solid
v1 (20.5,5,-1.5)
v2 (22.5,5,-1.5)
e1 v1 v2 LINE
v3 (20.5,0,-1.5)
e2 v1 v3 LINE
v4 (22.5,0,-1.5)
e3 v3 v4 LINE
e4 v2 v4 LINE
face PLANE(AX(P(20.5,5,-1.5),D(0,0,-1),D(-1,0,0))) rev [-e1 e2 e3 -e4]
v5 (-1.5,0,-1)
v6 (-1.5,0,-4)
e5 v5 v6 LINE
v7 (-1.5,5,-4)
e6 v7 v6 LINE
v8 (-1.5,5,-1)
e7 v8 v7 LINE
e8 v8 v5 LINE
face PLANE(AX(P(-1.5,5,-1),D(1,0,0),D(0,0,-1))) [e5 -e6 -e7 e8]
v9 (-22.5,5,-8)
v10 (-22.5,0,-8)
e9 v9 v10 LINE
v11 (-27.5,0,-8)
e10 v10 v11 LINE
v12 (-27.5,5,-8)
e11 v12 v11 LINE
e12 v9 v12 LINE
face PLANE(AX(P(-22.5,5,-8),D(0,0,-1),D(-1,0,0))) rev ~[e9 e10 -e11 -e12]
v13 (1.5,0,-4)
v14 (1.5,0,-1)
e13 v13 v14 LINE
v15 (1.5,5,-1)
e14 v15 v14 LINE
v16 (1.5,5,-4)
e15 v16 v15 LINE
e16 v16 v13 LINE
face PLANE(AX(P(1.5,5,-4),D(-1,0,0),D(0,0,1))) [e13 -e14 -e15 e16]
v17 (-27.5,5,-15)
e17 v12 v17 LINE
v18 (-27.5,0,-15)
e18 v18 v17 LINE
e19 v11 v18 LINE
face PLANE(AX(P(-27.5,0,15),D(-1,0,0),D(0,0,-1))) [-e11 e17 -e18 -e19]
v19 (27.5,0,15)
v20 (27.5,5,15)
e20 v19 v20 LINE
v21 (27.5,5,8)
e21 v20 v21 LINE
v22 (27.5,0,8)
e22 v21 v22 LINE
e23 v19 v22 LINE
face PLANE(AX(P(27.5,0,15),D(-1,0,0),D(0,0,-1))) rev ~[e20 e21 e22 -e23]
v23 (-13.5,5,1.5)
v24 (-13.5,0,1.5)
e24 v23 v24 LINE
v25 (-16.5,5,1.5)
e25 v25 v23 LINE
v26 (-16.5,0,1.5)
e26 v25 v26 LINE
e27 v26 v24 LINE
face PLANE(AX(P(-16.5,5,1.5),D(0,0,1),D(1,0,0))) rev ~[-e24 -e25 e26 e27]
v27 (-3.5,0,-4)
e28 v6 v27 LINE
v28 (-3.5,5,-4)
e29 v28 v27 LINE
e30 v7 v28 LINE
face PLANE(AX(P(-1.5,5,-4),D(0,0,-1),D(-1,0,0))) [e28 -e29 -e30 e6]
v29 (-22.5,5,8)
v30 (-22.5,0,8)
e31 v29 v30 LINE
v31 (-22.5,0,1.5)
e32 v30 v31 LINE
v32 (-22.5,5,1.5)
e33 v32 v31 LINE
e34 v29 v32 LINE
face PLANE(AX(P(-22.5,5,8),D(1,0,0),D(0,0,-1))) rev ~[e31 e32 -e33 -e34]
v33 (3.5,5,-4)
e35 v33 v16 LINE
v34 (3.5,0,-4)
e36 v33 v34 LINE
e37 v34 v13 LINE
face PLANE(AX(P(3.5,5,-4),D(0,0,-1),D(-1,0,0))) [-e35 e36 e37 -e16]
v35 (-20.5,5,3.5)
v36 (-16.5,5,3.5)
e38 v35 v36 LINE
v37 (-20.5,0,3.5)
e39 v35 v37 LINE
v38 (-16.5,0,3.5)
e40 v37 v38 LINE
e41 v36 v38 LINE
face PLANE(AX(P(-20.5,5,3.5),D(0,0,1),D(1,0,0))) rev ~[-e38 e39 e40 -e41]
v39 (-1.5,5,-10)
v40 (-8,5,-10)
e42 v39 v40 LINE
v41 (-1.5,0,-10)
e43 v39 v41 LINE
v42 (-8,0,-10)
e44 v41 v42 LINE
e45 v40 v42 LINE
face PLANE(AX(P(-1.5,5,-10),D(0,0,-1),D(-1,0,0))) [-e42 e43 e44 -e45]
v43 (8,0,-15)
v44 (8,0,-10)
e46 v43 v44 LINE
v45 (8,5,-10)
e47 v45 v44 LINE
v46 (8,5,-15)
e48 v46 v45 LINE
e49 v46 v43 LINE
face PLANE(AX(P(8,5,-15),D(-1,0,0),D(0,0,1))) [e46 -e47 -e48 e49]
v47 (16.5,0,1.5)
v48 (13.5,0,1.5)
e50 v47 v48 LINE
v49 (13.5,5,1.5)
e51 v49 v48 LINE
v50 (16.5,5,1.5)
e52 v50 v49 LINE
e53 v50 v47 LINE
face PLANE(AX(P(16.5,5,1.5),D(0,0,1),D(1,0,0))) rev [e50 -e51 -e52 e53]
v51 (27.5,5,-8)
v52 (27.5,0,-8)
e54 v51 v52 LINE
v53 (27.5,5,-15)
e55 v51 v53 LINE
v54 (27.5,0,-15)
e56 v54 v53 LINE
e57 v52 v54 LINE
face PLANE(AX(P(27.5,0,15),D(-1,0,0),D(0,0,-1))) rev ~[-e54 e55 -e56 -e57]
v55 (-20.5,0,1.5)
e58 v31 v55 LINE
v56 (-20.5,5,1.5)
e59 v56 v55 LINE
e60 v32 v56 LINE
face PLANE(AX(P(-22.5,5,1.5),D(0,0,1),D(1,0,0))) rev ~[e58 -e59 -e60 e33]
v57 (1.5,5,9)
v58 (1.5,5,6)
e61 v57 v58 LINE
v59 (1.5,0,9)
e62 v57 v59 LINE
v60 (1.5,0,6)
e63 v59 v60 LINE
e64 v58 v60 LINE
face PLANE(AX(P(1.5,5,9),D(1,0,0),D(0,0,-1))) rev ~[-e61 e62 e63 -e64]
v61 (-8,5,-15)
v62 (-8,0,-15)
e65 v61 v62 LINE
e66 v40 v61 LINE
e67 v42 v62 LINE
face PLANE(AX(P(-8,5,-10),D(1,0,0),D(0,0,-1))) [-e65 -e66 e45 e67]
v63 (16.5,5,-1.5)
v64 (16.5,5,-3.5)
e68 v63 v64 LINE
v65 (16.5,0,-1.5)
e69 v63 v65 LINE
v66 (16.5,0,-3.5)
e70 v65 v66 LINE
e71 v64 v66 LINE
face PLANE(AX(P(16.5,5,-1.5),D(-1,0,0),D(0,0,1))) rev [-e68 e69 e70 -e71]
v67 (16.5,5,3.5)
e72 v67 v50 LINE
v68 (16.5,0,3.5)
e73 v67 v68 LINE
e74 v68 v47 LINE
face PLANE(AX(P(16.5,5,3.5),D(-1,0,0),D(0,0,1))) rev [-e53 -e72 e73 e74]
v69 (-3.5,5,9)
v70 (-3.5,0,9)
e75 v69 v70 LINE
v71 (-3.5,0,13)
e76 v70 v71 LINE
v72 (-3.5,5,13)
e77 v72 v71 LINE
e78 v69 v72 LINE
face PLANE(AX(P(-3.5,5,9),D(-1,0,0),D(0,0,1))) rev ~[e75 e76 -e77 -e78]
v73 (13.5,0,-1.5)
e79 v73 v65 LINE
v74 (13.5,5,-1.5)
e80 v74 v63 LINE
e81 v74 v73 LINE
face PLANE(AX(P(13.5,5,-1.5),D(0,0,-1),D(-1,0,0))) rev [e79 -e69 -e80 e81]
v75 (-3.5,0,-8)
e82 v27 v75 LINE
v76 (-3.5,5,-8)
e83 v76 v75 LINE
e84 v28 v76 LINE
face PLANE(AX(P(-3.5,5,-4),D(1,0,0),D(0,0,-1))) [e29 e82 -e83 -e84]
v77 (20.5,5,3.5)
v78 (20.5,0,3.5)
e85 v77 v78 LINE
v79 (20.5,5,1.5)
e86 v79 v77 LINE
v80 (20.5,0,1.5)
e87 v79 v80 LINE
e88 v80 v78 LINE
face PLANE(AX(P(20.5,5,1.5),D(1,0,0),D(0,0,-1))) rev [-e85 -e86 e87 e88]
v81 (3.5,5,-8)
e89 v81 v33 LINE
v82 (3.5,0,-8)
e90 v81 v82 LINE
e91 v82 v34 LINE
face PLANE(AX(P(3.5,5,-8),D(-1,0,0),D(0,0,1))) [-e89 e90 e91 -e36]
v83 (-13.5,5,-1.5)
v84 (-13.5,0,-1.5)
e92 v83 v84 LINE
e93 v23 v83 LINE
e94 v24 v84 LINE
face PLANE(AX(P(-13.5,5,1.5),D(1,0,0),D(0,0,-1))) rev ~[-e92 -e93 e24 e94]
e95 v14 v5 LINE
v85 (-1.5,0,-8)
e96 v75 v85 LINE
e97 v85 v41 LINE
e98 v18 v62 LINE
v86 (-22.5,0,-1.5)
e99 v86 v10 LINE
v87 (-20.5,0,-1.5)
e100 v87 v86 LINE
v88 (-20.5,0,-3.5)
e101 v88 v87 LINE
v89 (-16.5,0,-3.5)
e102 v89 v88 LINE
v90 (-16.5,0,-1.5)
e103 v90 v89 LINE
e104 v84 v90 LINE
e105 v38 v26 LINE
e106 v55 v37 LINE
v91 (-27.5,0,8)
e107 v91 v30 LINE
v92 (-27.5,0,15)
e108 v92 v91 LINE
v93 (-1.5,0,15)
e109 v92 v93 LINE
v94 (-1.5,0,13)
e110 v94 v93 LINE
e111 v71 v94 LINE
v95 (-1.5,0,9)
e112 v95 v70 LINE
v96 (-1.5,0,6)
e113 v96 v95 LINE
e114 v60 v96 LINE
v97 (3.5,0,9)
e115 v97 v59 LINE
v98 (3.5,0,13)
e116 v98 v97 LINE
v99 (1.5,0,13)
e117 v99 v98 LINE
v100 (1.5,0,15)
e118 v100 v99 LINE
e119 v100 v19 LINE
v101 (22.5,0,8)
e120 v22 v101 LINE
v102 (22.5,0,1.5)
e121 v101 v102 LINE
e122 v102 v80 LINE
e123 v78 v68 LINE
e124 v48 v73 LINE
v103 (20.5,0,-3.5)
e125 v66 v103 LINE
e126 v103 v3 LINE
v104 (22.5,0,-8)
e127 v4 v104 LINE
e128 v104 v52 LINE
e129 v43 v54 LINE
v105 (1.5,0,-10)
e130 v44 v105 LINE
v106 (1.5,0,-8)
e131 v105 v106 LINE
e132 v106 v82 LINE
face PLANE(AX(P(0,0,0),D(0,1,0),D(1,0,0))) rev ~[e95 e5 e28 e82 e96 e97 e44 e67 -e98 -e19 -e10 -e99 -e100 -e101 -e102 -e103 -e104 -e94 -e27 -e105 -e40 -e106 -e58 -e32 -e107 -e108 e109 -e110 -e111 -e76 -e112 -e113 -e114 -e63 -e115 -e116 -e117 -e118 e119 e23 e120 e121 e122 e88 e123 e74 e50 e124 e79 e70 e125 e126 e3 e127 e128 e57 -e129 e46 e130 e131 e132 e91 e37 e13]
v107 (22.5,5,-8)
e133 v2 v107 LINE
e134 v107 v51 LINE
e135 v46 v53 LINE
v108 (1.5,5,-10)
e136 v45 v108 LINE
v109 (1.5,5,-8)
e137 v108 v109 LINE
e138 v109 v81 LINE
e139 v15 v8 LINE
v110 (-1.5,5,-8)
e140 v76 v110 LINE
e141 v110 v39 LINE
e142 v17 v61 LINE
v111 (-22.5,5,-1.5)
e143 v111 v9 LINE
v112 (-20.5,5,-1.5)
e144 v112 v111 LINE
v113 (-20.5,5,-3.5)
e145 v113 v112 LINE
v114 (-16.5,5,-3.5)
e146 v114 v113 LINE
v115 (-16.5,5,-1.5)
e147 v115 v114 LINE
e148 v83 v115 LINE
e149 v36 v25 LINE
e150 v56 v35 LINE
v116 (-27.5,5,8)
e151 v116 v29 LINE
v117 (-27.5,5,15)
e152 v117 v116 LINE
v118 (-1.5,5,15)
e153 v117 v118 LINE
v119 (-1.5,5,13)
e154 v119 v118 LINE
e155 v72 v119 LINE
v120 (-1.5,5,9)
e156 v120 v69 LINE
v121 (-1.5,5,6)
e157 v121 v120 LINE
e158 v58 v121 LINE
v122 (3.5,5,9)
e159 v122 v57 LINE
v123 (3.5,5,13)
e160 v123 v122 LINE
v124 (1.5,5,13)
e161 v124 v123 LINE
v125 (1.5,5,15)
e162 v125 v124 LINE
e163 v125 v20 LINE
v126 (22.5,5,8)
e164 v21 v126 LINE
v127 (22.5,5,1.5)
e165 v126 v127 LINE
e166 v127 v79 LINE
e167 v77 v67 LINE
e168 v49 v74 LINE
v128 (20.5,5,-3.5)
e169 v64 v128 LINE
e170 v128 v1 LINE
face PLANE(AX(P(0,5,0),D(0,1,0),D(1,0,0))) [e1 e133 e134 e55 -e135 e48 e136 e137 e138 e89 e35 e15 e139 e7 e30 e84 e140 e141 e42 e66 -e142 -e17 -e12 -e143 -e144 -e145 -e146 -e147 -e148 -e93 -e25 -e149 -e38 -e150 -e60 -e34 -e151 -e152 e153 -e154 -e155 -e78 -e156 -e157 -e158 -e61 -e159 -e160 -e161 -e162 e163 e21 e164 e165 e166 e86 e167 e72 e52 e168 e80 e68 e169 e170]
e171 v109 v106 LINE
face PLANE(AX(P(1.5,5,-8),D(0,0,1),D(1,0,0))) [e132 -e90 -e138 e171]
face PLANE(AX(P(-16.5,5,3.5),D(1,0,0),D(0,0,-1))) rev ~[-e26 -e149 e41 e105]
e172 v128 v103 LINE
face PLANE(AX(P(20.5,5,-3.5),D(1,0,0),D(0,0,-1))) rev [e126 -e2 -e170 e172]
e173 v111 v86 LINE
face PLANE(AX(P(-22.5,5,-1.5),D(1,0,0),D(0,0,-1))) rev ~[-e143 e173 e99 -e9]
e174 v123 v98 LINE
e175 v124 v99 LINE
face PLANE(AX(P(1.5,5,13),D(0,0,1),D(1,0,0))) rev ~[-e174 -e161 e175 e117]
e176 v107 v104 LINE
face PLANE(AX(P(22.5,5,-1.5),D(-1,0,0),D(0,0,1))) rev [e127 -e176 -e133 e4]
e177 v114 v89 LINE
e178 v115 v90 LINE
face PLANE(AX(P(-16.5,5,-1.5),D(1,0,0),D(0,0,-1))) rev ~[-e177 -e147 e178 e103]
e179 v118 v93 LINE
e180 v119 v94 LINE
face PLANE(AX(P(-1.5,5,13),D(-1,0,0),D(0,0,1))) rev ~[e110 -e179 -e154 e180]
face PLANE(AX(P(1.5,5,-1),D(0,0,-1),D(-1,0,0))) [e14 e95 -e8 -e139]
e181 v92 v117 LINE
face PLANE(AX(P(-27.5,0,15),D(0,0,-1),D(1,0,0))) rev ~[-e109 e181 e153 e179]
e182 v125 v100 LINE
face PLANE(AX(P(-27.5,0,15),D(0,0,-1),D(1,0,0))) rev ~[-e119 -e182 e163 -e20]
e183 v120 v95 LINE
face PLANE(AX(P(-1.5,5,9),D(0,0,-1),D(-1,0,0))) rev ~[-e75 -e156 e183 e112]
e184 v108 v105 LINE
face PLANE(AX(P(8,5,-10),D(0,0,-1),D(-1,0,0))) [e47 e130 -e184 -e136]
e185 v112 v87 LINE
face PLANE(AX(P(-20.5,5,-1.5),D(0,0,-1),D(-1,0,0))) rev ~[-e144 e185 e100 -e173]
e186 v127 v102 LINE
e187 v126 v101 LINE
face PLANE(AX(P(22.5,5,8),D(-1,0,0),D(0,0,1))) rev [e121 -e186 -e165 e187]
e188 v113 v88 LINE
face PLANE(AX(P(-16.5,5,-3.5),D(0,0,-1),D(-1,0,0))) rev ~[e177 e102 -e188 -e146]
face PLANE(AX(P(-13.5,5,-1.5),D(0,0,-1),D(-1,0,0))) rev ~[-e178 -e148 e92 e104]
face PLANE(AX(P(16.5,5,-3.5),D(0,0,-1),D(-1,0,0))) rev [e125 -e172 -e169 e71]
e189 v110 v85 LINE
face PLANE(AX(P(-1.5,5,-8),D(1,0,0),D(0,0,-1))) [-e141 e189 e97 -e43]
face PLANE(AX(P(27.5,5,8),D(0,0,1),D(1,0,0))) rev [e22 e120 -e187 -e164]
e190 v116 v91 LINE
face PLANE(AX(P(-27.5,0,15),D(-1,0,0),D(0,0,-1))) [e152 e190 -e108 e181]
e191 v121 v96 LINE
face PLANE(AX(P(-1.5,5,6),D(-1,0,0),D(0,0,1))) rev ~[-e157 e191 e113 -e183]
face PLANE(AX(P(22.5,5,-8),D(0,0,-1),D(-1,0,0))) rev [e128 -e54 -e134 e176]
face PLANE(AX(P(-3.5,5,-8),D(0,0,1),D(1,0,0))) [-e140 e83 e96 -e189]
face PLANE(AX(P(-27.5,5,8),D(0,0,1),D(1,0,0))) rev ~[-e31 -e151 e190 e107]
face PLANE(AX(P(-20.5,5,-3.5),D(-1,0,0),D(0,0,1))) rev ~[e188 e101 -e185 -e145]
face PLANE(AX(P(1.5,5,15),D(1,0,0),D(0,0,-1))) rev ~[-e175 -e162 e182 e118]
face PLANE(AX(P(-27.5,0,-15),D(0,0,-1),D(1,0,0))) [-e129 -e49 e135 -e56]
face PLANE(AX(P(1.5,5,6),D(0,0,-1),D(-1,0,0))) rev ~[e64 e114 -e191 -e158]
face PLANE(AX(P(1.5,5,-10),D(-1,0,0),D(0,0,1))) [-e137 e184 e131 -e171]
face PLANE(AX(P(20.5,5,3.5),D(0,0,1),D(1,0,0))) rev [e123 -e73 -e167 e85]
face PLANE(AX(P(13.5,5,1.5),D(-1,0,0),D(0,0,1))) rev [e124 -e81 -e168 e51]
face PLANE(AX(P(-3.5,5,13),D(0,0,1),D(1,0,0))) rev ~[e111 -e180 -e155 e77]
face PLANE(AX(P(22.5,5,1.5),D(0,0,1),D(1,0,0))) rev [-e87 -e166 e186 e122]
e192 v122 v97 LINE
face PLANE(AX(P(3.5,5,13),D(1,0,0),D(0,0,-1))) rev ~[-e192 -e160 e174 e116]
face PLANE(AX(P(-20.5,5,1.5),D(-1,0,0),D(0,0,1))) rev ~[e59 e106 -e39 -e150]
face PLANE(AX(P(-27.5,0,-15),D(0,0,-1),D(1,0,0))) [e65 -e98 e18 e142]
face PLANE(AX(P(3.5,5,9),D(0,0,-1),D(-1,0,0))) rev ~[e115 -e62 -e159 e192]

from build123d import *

# Parameters (mm, degrees)
CROQUIS1_W              = 55
CROQUIS1_H              = 30
SALIENTE_EXTRUIR1_DEPTH = 5
CORTAR_EXTRUIR1_DEPTH   = 32.721443851
CORTAR_EXTRUIR2_DEPTH   = 32.721443851
CORTAR_EXTRUIR3_DEPTH   = 32.721443851


with BuildPart() as part:
    # Croquis1 → Saliente-Extruir1 (new body)
    with BuildSketch(Plane(origin=(0, 0, 0), x_dir=(1, 0, 0), z_dir=(0, 1, 0))):
        Rectangle(CROQUIS1_W, CROQUIS1_H)
    extrude(amount=SALIENTE_EXTRUIR1_DEPTH)

    # Croquis2 → Cortar-Extruir1 (cut, through all)
    with BuildSketch(Plane(origin=(0, 5, 0), x_dir=(1, 0, 0), z_dir=(0, 1, 0))):
        Polygon((-22.5, 8), (-27.5, 8), (-27.5, -8), (-22.5, -8), (-22.5, -1.5), (-20.5, -1.5), (-20.5, -3.5), (-16.5, -3.5), (-16.5, -1.5), (-13.5, -1.5), (-13.5, 1.5), (-16.5, 1.5), (-16.5, 3.5), (-20.5, 3.5), (-20.5, 1.5), (-22.5, 1.5), align=None)
    cortar_extruir1 = extrude(amount=-CORTAR_EXTRUIR1_DEPTH, mode=Mode.SUBTRACT)

    # Simetría1: Cortar-Extruir1 across plane
    add(cortar_extruir1.mirror(Plane(origin=(0, 0, 0), x_dir=(0, 0, 1), z_dir=(1, 0, 0))), mode=Mode.SUBTRACT)

    # Croquis3 → Cortar-Extruir2 (cut, through all)
    with BuildSketch(Plane(origin=(0, 5, 0), x_dir=(1, 0, 0), z_dir=(0, 1, 0))):
        Polygon((-8, 15), (8, 15), (8, 10), (1.5, 10), (1.5, 8), (3.5, 8), (3.5, 4), (1.5, 4), (1.5, 1), (-1.5, 1), (-1.5, 4), (-3.5, 4), (-3.5, 8), (-1.5, 8), (-1.5, 10), (-8, 10), align=None)
    extrude(amount=-CORTAR_EXTRUIR2_DEPTH, mode=Mode.SUBTRACT)

    # Croquis4 → Cortar-Extruir3 (cut, through all)
    with BuildSketch(Plane(origin=(0, 5, 0), x_dir=(1, 0, 0), z_dir=(0, 1, 0))):
        Polygon((1.5, -15), (1.5, -13), (3.5, -13), (3.5, -9), (1.5, -9), (1.5, -6), (-1.5, -6), (-1.5, -9), (-3.5, -9), (-3.5, -13), (-1.5, -13), (-1.5, -15), align=None)
    extrude(amount=-CORTAR_EXTRUIR3_DEPTH, mode=Mode.SUBTRACT)


solid = part.part
